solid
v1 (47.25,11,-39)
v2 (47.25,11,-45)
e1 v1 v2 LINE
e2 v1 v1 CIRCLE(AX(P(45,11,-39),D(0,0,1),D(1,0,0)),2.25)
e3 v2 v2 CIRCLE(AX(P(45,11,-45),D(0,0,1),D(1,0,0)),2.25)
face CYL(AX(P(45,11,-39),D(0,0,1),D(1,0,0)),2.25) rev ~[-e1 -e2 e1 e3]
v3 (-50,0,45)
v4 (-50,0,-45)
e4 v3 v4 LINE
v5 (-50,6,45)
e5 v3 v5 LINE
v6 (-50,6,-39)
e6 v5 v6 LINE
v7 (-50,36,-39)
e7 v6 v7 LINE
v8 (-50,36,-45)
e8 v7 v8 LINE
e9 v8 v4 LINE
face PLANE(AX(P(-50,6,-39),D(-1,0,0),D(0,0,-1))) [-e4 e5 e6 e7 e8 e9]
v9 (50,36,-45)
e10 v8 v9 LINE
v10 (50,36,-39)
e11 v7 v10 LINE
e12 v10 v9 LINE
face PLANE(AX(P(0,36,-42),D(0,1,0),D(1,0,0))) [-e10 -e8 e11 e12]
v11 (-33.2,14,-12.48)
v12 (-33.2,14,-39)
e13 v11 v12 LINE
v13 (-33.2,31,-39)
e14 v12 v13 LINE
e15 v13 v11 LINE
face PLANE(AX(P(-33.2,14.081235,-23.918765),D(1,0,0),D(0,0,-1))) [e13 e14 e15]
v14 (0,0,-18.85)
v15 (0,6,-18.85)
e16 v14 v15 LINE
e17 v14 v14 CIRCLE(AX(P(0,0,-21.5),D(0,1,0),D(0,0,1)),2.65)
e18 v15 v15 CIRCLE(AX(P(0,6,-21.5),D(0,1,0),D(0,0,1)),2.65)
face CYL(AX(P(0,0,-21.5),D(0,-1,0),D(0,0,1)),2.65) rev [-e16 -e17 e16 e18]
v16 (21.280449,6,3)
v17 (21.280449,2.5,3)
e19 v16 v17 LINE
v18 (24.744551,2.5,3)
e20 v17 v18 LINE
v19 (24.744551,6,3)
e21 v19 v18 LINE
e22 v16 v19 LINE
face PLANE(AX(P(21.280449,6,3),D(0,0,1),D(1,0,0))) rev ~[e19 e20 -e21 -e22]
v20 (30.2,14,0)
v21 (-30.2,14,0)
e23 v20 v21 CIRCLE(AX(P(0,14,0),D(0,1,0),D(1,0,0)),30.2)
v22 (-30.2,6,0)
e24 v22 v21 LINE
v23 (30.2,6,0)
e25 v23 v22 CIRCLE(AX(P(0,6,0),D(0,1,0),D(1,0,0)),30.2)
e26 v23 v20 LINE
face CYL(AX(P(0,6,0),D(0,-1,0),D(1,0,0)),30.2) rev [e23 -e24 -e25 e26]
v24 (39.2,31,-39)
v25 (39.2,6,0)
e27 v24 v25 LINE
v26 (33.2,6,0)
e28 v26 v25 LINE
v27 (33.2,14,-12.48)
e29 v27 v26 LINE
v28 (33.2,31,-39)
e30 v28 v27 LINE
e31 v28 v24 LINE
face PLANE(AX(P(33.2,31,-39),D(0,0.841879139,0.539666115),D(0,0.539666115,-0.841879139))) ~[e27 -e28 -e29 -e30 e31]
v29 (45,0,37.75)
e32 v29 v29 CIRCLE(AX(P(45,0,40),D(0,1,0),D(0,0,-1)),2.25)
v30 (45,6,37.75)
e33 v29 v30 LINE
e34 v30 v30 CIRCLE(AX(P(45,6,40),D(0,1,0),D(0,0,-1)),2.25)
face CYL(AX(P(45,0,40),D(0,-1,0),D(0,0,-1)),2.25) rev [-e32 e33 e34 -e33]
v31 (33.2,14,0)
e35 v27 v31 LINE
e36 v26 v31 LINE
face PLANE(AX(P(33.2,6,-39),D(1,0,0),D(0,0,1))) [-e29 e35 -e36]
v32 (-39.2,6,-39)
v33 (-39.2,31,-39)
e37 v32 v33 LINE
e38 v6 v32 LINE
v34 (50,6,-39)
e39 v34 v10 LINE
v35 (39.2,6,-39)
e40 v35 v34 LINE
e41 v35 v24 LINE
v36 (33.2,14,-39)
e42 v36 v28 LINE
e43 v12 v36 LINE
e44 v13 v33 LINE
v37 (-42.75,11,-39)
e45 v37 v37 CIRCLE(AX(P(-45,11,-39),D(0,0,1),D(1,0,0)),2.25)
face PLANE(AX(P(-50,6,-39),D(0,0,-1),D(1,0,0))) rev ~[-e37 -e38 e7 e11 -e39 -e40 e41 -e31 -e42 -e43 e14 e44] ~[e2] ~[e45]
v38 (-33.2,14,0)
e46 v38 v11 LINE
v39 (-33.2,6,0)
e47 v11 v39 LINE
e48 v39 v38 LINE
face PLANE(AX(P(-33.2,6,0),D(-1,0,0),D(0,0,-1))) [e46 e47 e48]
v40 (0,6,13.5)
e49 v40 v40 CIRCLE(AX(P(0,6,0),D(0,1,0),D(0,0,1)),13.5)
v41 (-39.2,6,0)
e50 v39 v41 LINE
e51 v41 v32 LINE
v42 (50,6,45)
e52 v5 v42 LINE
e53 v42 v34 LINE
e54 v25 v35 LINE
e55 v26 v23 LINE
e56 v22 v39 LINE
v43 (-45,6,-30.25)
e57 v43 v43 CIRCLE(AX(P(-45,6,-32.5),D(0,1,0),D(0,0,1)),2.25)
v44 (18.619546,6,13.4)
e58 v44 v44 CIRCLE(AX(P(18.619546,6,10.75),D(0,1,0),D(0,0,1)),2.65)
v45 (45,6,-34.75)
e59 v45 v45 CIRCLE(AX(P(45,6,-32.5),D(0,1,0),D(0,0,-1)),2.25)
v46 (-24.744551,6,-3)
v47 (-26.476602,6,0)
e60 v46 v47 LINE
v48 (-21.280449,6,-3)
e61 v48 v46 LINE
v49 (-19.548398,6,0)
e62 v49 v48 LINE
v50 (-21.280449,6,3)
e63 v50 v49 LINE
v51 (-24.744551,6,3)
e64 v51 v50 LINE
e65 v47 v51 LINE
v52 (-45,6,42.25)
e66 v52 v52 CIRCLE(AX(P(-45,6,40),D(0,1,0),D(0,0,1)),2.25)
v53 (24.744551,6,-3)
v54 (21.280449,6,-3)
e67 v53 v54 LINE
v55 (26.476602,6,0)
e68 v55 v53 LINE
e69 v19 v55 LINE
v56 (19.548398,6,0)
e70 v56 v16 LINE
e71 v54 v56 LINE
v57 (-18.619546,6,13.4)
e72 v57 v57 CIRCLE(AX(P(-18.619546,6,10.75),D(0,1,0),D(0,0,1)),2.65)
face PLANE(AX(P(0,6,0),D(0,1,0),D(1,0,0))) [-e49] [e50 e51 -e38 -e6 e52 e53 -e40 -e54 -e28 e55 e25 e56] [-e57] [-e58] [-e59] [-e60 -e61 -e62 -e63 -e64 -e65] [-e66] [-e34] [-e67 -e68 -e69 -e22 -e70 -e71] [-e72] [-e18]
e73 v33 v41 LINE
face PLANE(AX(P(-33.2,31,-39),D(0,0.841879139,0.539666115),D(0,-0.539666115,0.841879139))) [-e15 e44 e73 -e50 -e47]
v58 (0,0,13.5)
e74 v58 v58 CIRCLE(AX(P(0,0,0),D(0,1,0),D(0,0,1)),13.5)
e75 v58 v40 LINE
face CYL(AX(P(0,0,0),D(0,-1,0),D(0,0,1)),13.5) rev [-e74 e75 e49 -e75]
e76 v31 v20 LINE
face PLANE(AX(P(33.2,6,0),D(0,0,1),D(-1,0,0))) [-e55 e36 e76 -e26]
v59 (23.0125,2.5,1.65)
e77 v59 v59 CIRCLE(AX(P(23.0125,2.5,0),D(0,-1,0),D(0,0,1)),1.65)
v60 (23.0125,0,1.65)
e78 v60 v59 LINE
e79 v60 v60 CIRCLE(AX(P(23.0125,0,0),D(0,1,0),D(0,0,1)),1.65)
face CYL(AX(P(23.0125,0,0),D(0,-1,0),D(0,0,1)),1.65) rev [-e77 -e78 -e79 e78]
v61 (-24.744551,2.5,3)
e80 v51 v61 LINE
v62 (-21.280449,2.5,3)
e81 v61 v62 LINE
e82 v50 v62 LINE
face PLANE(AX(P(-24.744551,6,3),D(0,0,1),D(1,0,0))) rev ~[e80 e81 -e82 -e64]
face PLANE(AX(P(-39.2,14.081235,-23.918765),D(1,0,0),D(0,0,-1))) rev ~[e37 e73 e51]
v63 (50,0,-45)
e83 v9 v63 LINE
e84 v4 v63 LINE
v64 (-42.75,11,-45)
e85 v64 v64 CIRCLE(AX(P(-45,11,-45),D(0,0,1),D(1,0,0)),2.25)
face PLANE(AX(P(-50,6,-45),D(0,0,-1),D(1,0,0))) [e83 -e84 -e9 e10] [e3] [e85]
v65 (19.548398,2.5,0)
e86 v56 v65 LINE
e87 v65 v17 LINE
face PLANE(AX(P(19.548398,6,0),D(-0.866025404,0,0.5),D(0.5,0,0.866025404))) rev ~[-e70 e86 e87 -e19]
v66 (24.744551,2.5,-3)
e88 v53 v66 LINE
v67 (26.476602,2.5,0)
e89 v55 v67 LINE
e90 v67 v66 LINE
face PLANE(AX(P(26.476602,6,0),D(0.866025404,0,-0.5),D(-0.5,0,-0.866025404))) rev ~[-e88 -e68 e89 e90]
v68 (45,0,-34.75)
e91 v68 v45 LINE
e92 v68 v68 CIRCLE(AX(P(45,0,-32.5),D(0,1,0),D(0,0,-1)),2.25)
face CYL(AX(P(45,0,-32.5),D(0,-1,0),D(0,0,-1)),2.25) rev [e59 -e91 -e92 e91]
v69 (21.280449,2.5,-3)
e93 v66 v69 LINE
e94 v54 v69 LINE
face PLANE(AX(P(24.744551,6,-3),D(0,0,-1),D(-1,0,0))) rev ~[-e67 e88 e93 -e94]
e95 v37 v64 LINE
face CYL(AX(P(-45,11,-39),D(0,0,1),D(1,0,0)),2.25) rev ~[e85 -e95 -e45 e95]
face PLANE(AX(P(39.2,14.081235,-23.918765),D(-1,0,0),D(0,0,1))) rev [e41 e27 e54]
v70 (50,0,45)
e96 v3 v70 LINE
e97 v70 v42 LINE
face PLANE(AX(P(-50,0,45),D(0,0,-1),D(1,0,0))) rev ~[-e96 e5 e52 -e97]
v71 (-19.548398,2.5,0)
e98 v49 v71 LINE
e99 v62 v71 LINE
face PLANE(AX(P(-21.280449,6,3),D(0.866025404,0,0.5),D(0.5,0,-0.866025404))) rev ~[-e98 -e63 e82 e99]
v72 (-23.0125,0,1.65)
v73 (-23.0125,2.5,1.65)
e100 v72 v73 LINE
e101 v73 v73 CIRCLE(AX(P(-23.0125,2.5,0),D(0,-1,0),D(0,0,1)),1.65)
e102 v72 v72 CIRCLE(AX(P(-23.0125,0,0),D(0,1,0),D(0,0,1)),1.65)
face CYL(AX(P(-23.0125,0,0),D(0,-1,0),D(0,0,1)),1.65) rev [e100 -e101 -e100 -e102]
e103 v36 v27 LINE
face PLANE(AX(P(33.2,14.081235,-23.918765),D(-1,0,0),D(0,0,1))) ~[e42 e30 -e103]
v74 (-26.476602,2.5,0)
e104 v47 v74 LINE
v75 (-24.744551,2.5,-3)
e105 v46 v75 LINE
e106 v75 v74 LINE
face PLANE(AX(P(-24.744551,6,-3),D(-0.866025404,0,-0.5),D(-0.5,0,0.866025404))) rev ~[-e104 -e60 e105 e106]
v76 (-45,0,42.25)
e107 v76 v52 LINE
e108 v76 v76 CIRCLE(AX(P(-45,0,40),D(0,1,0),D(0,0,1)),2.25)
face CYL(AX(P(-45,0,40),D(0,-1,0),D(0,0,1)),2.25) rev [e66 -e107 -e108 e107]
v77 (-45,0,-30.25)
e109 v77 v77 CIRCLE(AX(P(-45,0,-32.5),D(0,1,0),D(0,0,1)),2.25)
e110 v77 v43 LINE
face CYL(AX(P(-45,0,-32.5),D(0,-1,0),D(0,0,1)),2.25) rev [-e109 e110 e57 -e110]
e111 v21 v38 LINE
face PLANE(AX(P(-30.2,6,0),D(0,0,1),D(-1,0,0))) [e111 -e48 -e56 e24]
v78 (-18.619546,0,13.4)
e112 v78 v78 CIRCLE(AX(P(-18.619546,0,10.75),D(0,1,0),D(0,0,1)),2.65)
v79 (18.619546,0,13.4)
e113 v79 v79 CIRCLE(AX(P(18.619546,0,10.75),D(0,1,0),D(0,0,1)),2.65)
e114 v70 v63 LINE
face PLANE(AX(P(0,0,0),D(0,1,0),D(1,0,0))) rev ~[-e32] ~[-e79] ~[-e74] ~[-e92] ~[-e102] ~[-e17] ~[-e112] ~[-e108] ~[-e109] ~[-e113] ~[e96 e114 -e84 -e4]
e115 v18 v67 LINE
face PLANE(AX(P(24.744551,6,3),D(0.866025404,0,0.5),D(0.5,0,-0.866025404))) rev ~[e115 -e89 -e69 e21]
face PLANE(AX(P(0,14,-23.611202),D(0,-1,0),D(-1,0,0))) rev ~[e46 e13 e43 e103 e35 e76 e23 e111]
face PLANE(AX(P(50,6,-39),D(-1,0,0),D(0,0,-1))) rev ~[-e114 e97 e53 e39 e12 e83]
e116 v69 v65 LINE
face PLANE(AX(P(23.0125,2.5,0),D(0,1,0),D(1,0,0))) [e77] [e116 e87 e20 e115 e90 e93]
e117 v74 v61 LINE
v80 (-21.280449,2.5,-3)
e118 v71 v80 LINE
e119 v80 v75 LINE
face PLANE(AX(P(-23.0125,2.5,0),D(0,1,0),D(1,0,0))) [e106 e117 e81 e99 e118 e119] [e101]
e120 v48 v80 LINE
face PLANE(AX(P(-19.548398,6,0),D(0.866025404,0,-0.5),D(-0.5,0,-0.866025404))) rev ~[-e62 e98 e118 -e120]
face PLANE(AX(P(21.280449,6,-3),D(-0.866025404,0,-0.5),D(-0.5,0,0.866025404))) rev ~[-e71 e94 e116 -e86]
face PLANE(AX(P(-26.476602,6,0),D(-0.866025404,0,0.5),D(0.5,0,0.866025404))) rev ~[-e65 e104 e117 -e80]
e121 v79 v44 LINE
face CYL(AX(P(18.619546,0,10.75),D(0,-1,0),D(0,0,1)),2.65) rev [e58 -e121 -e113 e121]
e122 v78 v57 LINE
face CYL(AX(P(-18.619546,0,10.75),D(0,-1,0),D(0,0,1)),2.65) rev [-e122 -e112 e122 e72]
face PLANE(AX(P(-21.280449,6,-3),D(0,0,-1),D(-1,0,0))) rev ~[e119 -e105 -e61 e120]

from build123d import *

# Parameters (mm, degrees)
SKETCH1_W           = 100
SKETCH1_H           = 90
SKETCH1_R           = 13.5
SKETCH1_R_2         = 2.65
SKETCH1_R_3         = 1.65
SKETCH1_R_4         = 2.25
BOSS_EXTRUDE1_DEPTH = 6
BOSS_EXTRUDE2_DEPTH = 8
SKETCH3_W           = 100
SKETCH3_H           = 6
BOSS_EXTRUDE3_DEPTH = 30
CUT_EXTRUDE1_REACH  = 106.173
SKETCH7_R           = 2.25
CUT_EXTRUDE2_DEPTH  = 3.5
BOSS_EXTRUDE4_DEPTH = 6


with BuildPart() as part:
    # Sketch1 → Boss-Extrude1 (new body)
    with BuildSketch(Plane(origin=(0, 0, 0), x_dir=(1, 0, 0), z_dir=(0, 1, 0))):
        Rectangle(SKETCH1_W, SKETCH1_H)
        with Locations(Location((0, 0, 0), (0, 0, 270))):
            Circle(SKETCH1_R, mode=Mode.SUBTRACT)
        with Locations(Location((0, 21.5, 0), (0, 0, 270))):
            Circle(SKETCH1_R_2, mode=Mode.SUBTRACT)
        with Locations(Location((23.0125, 0, 0), (0, 0, 270))):
            Circle(SKETCH1_R_3, mode=Mode.SUBTRACT)
        with Locations(Location((-23.0125, 0, 0), (0, 0, 270))):
            Circle(SKETCH1_R_3, mode=Mode.SUBTRACT)
        with Locations(Location((18.619546181, -10.75, 0), (0, 0, 270))):
            Circle(SKETCH1_R_2, mode=Mode.SUBTRACT)
        with Locations(Location((-18.619546181, -10.75, 0), (0, 0, 270))):
            Circle(SKETCH1_R_2, mode=Mode.SUBTRACT)
        with Locations(Location((-45, -40, 0), (0, 0, 270))):
            Circle(SKETCH1_R_4, mode=Mode.SUBTRACT)
        with Locations(Location((-45, 32.5, 0), (0, 0, 270))):
            Circle(SKETCH1_R_4, mode=Mode.SUBTRACT)
        with Locations(Location((45, 32.5, 0), (0, 0, 90))):
            Circle(SKETCH1_R_4, mode=Mode.SUBTRACT)
        with Locations(Location((45, -40, 0), (0, 0, 90))):
            Circle(SKETCH1_R_4, mode=Mode.SUBTRACT)
    extrude(amount=BOSS_EXTRUDE1_DEPTH)

    # Sketch2 → Boss-Extrude2 (add)
    with BuildSketch(Plane(origin=(0, 6, 0), x_dir=(1, 0, 0), z_dir=(0, 1, 0))):
        with BuildLine():
            Line((-30.2, 0), (-33.2, 0))
            Line((-33.2, 0), (-33.2, 39))
            Line((-33.2, 39), (33.2, 39))
            Line((33.2, 39), (33.2, 0))
            Line((33.2, 0), (30.2, 0))
            ThreePointArc((30.2, 0), (0, 30.2), (-30.2, 0))
        make_face()
    extrude(amount=BOSS_EXTRUDE2_DEPTH)

    # Sketch3 → Boss-Extrude3 (add)
    with BuildSketch(Plane(origin=(0, 6, 0), x_dir=(1, 0, 0), z_dir=(0, 1, 0))):
        with Locations((0, 42)):
            Rectangle(SKETCH3_W, SKETCH3_H)
    extrude(amount=BOSS_EXTRUDE3_DEPTH)

    # Sketch7 → Cut-Extrude1 (cut, up to next)
    with BuildSketch(Plane.XY.offset(-39), mode=Mode.PRIVATE) as cut_extrude1_sk1:
        with Locations((-45, 11)):
            Circle(SKETCH7_R)
    cut_extrude1_tool1 = extrude(cut_extrude1_sk1.sketch, amount=-CUT_EXTRUDE1_REACH, mode=Mode.PRIVATE) & part.part
    # Sketch7 → Cut-Extrude1 (cut, up to next)
    with BuildSketch(Plane.XY.offset(-39), mode=Mode.PRIVATE) as cut_extrude1_sk2:
        with Locations((45, 11)):
            Circle(SKETCH7_R)
    cut_extrude1_tool2 = extrude(cut_extrude1_sk2.sketch, amount=-CUT_EXTRUDE1_REACH, mode=Mode.PRIVATE) & part.part
    add(cut_extrude1_tool1.solids().sort_by_distance((-45, 11, -39))[0], mode=Mode.SUBTRACT)
    add(cut_extrude1_tool2.solids().sort_by_distance((45, 11, -39))[0], mode=Mode.SUBTRACT)

    # Sketch8 → Cut-Extrude2 (cut)
    with BuildSketch(Plane(origin=(0, 6, 0), x_dir=(1, 0, 0), z_dir=(0, 1, 0))):
        Polygon((19.548398385, 0), (21.280449192, -3), (24.744550808, -3), (26.476601615, 0), (24.744550808, 3), (21.280449192, 3), align=None)
        Polygon((-19.548398385, 0), (-21.280449192, 3), (-24.744550808, 3), (-26.476601615, 0), (-24.744550808, -3), (-21.280449192, -3), align=None)
    extrude(amount=-CUT_EXTRUDE2_DEPTH, mode=Mode.SUBTRACT)

    # Sketch9 → Boss-Extrude4 (add)
    with BuildSketch(Plane.ZY.offset(33.2)):
        Polygon((-39, 6), (-39, 31), (0, 6), align=None)
    boss_extrude4 = extrude(amount=BOSS_EXTRUDE4_DEPTH)

    # Mirror1: Boss-Extrude4 across plane
    add(boss_extrude4.mirror(Plane(origin=(0, 0, 0), x_dir=(0, 0, 1), z_dir=(1, 0, 0))))


solid = part.part
